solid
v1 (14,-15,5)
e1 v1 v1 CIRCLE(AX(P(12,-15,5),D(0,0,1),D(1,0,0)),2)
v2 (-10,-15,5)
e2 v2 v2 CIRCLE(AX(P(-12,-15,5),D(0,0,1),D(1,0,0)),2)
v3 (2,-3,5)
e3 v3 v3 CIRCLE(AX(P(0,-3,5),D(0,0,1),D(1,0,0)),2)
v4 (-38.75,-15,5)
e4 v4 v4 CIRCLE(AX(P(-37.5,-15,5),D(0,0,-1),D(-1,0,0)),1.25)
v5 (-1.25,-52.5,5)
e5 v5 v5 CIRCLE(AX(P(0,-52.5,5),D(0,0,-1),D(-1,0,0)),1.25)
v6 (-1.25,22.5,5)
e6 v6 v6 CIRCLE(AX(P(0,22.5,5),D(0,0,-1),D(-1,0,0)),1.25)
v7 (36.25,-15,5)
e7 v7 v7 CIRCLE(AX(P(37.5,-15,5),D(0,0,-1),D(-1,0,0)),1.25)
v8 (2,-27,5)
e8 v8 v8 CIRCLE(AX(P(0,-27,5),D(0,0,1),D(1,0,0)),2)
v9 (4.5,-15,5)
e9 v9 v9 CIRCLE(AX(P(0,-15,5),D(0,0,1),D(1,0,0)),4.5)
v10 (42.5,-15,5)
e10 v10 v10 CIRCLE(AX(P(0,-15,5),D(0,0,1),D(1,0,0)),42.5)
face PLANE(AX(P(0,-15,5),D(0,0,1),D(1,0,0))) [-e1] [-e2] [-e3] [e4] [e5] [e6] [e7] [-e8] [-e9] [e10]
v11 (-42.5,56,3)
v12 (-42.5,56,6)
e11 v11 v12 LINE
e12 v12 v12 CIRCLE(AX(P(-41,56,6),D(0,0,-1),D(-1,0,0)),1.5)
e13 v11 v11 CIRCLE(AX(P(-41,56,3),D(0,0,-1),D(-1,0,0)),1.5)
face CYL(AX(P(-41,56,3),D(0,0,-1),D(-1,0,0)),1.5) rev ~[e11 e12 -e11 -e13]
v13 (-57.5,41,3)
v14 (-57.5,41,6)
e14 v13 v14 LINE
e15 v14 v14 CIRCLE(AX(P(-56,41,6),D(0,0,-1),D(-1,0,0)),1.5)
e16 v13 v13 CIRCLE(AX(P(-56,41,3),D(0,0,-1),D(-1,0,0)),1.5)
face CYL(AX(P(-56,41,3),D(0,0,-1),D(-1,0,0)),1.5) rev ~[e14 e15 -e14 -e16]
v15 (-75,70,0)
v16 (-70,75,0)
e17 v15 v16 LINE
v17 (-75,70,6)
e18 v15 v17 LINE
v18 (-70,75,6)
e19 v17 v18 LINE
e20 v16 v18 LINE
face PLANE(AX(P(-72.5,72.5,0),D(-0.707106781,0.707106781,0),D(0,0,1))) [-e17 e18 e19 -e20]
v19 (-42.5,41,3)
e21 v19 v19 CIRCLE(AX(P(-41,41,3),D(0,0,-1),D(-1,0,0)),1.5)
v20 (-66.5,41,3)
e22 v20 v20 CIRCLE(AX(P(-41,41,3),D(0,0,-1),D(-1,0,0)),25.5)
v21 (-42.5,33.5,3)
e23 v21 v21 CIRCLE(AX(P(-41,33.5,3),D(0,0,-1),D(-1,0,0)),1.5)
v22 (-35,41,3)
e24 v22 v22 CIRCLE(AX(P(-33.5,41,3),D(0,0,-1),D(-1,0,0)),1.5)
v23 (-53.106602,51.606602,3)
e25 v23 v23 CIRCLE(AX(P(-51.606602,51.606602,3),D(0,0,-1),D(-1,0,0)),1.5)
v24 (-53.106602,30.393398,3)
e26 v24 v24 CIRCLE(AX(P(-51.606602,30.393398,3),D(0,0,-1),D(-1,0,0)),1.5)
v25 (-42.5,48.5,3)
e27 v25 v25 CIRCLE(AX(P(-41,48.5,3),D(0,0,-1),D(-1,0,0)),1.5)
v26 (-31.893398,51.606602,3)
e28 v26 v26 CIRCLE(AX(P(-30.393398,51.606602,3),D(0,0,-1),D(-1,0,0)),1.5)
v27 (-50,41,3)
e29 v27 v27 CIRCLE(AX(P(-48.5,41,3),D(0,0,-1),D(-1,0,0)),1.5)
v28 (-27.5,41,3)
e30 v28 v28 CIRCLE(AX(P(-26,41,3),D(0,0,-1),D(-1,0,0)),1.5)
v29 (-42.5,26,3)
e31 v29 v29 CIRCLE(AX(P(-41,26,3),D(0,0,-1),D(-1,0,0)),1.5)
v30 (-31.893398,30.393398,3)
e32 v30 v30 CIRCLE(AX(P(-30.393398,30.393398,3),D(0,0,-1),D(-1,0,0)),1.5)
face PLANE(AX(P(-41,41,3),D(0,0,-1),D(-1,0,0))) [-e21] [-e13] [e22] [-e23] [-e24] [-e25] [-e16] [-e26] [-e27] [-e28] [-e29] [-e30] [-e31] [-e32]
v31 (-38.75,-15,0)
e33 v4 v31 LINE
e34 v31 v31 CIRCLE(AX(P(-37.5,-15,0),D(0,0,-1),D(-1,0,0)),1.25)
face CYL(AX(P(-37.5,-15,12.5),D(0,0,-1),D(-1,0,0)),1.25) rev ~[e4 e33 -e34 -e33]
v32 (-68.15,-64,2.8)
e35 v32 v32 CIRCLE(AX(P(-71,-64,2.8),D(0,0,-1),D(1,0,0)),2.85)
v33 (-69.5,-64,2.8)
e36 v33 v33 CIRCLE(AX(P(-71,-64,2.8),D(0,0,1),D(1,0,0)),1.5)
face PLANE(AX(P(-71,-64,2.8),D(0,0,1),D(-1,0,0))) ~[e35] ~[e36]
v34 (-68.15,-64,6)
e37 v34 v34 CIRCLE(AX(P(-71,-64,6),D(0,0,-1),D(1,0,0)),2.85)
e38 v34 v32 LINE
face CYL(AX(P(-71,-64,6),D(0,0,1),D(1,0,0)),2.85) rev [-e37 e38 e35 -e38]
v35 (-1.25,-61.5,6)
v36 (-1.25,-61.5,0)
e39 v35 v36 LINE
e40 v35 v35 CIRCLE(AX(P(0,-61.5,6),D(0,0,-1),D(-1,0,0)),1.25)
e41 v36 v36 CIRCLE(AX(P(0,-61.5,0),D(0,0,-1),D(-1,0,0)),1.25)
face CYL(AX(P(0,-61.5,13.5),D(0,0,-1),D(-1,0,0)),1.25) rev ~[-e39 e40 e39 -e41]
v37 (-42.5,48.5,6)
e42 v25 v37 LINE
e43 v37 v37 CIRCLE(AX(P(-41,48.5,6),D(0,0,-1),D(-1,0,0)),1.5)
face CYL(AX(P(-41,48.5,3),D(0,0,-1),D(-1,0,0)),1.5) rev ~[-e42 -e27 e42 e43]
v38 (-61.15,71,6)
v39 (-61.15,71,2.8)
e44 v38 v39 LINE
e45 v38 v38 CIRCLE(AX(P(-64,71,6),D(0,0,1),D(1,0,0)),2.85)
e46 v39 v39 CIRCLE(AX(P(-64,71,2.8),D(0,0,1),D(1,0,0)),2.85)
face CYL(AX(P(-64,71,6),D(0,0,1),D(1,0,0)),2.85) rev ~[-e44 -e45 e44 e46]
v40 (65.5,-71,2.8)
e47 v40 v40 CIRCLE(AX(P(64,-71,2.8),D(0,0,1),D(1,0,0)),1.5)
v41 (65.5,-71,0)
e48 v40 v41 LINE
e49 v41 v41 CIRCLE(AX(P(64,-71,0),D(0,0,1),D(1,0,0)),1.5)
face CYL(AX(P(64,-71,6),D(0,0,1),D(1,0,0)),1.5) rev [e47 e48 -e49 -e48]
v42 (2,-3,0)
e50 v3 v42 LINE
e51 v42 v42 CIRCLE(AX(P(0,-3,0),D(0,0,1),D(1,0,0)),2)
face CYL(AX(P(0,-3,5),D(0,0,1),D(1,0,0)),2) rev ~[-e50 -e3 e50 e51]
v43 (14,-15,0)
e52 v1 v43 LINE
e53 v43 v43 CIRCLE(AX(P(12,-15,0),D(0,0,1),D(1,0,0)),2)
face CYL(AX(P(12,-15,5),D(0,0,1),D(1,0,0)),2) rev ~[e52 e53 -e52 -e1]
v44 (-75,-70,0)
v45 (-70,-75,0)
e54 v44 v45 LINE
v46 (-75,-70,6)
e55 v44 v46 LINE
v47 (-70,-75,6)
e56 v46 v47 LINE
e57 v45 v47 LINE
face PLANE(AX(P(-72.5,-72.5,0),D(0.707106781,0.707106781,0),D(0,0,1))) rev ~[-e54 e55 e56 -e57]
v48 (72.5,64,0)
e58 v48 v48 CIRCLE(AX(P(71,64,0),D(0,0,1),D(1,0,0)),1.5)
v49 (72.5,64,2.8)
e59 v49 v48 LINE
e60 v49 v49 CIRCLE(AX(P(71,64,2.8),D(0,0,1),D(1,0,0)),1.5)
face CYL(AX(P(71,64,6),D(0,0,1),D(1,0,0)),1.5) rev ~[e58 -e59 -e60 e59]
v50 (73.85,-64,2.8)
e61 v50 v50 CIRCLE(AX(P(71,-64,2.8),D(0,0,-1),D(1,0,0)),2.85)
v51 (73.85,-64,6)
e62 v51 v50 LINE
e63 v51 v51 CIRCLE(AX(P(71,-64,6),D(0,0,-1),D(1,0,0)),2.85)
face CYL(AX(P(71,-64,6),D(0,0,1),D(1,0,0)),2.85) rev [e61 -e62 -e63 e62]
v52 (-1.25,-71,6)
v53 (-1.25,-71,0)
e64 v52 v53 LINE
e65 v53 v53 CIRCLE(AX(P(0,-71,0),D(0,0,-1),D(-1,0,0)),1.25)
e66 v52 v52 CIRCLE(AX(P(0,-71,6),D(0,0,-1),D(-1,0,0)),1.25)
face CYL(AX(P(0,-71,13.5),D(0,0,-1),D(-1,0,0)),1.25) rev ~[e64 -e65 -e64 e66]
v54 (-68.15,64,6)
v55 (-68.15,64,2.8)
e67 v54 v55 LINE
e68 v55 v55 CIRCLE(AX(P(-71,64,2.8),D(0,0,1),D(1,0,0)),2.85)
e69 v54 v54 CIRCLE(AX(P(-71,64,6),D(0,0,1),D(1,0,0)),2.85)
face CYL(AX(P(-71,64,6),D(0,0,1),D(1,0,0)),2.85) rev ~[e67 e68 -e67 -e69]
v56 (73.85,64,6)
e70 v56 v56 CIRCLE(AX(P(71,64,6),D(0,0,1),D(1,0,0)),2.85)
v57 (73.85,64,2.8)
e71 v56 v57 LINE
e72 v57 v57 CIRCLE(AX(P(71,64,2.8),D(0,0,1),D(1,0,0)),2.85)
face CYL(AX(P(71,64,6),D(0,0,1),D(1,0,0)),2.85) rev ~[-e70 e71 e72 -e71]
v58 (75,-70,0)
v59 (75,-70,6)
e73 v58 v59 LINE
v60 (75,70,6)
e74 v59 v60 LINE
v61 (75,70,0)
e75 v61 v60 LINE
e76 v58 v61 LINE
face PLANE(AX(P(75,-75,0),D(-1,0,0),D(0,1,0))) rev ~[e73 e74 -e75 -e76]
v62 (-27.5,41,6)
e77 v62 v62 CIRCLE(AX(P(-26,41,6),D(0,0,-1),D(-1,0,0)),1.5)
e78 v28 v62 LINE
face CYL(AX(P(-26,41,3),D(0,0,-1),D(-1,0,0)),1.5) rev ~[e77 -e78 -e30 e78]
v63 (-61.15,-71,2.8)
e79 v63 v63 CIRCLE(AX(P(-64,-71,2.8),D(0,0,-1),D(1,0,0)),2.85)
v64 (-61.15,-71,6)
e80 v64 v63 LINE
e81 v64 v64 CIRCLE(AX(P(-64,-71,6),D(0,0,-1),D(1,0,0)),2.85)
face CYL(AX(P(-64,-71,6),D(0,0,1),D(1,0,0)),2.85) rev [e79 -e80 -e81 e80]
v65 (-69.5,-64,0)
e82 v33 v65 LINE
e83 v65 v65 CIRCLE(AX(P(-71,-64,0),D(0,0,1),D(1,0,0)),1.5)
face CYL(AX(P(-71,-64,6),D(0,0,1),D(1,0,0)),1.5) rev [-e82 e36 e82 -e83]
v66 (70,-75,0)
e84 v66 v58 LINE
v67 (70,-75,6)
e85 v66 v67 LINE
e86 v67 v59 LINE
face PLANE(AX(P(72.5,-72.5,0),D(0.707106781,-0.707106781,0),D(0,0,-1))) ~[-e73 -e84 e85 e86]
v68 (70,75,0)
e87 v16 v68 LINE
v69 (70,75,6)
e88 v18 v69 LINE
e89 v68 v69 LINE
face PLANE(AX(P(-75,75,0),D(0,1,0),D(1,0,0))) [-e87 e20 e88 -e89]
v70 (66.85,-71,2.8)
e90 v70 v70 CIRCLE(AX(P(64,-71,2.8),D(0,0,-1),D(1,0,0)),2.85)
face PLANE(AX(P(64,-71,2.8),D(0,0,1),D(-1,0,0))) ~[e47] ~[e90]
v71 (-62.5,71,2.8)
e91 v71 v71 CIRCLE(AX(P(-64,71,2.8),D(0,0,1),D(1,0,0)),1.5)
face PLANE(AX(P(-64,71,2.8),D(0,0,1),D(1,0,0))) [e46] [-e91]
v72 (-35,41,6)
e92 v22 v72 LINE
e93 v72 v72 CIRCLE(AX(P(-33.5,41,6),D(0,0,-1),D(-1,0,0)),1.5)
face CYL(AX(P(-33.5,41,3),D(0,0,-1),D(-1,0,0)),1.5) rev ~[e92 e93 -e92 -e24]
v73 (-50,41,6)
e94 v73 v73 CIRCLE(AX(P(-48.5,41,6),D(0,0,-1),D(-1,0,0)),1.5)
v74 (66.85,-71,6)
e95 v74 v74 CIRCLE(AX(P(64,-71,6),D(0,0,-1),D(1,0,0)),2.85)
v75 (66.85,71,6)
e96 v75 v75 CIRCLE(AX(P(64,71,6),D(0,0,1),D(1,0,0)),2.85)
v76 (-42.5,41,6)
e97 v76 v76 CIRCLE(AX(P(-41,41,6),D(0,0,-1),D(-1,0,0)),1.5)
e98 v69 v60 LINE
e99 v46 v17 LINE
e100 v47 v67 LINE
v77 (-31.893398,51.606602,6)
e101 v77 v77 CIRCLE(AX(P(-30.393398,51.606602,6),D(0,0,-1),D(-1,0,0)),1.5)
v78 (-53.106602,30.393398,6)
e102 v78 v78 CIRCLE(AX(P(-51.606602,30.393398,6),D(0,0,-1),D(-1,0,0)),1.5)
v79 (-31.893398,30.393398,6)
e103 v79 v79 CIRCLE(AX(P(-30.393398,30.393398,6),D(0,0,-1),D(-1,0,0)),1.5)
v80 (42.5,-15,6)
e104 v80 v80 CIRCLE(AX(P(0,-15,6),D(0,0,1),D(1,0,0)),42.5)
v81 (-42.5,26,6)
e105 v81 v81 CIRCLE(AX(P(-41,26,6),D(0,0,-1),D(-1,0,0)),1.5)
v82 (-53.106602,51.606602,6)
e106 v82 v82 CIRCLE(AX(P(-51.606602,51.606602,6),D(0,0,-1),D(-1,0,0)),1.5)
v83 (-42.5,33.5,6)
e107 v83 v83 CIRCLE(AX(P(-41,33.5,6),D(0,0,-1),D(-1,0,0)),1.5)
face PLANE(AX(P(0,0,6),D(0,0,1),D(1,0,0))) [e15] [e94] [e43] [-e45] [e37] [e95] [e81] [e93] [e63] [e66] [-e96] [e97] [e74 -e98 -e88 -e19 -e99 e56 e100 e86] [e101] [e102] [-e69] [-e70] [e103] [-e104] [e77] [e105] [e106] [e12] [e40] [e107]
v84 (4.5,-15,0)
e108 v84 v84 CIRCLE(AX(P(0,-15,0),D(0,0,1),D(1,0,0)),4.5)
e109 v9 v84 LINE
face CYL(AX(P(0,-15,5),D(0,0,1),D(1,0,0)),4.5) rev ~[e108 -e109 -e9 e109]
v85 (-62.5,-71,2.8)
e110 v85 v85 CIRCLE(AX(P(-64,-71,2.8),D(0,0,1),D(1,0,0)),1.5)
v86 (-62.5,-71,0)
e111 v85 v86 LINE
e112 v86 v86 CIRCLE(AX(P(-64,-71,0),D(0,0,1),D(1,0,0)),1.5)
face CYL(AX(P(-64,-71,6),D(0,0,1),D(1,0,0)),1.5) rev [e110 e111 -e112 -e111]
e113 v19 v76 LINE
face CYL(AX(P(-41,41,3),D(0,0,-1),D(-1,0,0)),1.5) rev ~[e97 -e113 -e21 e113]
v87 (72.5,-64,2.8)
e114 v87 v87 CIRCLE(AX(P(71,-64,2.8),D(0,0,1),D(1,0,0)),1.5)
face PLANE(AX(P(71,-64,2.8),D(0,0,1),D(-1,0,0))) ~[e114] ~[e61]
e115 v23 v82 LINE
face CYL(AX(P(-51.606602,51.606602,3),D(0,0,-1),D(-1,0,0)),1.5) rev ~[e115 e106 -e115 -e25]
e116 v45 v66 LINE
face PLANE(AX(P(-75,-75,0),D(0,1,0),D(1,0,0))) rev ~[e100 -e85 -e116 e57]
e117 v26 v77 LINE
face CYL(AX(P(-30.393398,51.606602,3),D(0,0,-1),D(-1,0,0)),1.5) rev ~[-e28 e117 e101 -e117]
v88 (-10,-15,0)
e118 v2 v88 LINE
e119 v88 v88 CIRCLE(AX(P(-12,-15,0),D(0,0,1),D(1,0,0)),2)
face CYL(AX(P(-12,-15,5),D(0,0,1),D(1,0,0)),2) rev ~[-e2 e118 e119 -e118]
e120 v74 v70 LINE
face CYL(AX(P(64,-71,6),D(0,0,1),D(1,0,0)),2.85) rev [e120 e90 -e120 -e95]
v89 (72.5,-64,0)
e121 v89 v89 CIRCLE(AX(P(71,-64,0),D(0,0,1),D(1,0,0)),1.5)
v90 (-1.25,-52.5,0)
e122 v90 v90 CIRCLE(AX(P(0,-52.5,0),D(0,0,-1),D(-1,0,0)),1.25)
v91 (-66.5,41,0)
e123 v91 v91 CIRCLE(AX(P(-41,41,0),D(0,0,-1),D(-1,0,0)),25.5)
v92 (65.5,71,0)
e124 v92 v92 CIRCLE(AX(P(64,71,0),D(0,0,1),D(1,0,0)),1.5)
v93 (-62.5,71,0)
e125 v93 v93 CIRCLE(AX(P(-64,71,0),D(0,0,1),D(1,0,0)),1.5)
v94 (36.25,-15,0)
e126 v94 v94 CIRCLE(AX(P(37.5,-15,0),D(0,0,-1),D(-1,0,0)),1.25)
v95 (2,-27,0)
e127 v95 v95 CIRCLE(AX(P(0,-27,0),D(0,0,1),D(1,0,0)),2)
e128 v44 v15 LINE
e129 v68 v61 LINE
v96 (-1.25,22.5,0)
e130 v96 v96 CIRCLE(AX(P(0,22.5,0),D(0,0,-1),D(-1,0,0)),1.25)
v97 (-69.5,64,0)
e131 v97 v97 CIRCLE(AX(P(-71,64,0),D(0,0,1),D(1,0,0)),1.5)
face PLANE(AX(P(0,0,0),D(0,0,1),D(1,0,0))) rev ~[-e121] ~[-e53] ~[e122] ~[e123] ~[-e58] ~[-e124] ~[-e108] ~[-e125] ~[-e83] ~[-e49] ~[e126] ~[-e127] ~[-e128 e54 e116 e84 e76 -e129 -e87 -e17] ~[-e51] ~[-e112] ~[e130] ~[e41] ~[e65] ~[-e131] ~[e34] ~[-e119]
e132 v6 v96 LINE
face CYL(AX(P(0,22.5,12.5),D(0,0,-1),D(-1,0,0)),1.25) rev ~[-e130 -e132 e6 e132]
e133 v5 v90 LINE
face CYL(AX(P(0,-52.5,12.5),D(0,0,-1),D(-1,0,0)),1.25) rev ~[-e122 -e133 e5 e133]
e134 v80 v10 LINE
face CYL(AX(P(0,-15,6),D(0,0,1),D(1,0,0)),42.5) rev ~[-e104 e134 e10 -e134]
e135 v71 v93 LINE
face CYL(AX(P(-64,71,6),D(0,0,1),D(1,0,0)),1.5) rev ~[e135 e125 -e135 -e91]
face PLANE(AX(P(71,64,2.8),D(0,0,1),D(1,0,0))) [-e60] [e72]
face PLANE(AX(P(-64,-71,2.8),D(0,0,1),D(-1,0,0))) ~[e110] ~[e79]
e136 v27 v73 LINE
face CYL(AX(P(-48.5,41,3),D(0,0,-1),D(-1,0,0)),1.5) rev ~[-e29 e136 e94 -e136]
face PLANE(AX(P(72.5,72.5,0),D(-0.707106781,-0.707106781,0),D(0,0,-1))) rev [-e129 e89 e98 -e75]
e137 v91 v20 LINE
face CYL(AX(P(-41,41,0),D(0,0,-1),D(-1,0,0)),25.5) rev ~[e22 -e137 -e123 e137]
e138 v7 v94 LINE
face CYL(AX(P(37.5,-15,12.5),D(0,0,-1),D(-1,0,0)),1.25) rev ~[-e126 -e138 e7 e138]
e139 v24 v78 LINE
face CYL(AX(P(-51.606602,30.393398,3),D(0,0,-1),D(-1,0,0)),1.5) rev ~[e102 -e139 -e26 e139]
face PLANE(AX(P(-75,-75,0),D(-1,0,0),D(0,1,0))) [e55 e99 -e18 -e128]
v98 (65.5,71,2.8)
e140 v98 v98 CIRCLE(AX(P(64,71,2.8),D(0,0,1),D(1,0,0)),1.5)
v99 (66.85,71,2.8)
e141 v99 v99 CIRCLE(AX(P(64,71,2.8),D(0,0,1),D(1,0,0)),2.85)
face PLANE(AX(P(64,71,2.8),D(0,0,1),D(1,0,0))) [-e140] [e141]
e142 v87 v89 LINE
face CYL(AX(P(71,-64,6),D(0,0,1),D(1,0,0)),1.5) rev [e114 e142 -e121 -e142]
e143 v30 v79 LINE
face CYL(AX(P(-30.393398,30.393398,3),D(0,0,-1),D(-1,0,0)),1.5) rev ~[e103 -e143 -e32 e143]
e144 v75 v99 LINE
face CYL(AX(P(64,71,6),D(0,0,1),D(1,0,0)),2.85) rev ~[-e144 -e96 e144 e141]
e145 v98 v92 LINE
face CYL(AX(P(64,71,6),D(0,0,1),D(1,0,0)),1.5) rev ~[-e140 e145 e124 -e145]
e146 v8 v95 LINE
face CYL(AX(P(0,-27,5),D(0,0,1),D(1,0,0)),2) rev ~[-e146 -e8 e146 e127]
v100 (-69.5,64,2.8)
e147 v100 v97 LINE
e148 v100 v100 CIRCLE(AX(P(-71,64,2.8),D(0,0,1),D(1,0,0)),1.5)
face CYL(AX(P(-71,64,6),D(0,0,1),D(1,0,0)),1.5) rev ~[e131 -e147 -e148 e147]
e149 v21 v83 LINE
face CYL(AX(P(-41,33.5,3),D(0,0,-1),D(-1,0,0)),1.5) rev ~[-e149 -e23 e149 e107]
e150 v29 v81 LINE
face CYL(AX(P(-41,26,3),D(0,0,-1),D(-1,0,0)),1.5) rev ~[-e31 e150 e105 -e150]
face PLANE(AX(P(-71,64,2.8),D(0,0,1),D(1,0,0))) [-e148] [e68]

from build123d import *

# Parameters (mm, degrees)
SKETCH_1_W             = 150
SKETCH_1_H             = 150
EXTRUDE_1_DEPTH        = 6
SKETCH_2_R             = 42.5
CUT_EXTRUDE_1_DEPTH    = 1
CHAMFER_1_SIZE         = 5
SKETCH_4_R             = 1.5
CUT_EXTRUDE_3_DEPTH    = 10
SKETCH_5_R             = 2.85
CUT_EXTRUDE_4_DEPTH    = 3.2
SKETCH_6_R             = 1.5
CUT_EXTRUDE_5_DEPTH    = 10
SKETCH_7_R             = 2.85
CUT_EXTRUDE_6_DEPTH    = 3.2
SKETCH_8_R             = 4.5
CUT_EXTRUDE_7_DEPTH    = 10
SKETCH_9_R             = 2
CUT_EXTRUDE_8_DEPTH    = 10
SKETCH_10_R            = 1
CUT_EXTRUDE_9_DEPTH    = 10
HOLE_WIZARD_M3_1_D     = 2.5
HOLE_WIZARD_M3_1_DEPTH = 7.5
HOLE_WIZARD_M3_1_TIP   = 0.751075774
SKETCH_15_R            = 25.5
CUT_EXTRUDE_12_DEPTH   = 3
SKETCH_16_R            = 1.5
CUT_EXTRUDE_13_DEPTH   = 3
SKETCH_17_R            = 1
CUT_EXTRUDE_14_DEPTH   = 10
HOLE_WIZARD_M3_2_D     = 2.5
HOLE_WIZARD_M3_2_DEPTH = 7.5
HOLE_WIZARD_M3_2_TIP   = 0.751075774


with BuildPart() as part:
    # 草图1 → 凸台-拉伸1 (new body)
    with BuildSketch(Plane.XY):
        Rectangle(SKETCH_1_W, SKETCH_1_H)
    extrude(amount=EXTRUDE_1_DEPTH)

    # 草图2 → 切除-拉伸1 (cut)
    with BuildSketch(Plane.XY.offset(6)):
        with Locations((0, -15)):
            Circle(SKETCH_2_R)
    extrude(amount=-CUT_EXTRUDE_1_DEPTH, mode=Mode.SUBTRACT)

    # 倒角1
    chamfer_1_edges = [part.edges().sort_by_distance(p)[0] for p in [
        (-75, 75, 3),
        (75, 75, 3),
        (75, -75, 3),
        (-75, -75, 3),
    ]]
    chamfer(chamfer_1_edges, length=CHAMFER_1_SIZE)

    # 草图4 → 切除-拉伸3 (cut)
    with BuildSketch(Plane.XY.offset(6)):
        with Locations((64, 71)):
            Circle(SKETCH_4_R)
        with Locations((71, 64)):
            Circle(SKETCH_4_R)
    cut_extrude_3 = extrude(amount=-CUT_EXTRUDE_3_DEPTH, mode=Mode.SUBTRACT)

    # 草图5 → 切除-拉伸4 (cut)
    with BuildSketch(Plane.XY.offset(6)):
        with Locations((64, 71)):
            Circle(SKETCH_5_R)
        with Locations((71, 64)):
            Circle(SKETCH_5_R)
    cut_extrude_4 = extrude(amount=-CUT_EXTRUDE_4_DEPTH, mode=Mode.SUBTRACT)

    # 草图6 → 切除-拉伸5 (cut)
    with BuildSketch(Plane.XY.offset(6)):
        with Locations((-64, 71)):
            Circle(SKETCH_6_R)
        with Locations((-71, 64)):
            Circle(SKETCH_6_R)
    cut_extrude_5 = extrude(amount=-CUT_EXTRUDE_5_DEPTH, mode=Mode.SUBTRACT)

    # 草图7 → 切除-拉伸6 (cut)
    with BuildSketch(Plane.XY.offset(6)):
        with Locations((-64, 71)):
            Circle(SKETCH_7_R)
        with Locations((-71, 64)):
            Circle(SKETCH_7_R)
    cut_extrude_6 = extrude(amount=-CUT_EXTRUDE_6_DEPTH, mode=Mode.SUBTRACT)

    # 镜向1: 切除-拉伸3, 切除-拉伸4, 切除-拉伸5, 切除-拉伸6 across plane
    add(cut_extrude_3.mirror(Plane.ZX), mode=Mode.SUBTRACT)
    add(cut_extrude_4.mirror(Plane.ZX), mode=Mode.SUBTRACT)
    add(cut_extrude_5.mirror(Plane.ZX), mode=Mode.SUBTRACT)
    add(cut_extrude_6.mirror(Plane.ZX), mode=Mode.SUBTRACT)

    # 草图8 → 切除-拉伸7 (cut)
    with BuildSketch(Plane.XY.offset(5)):
        with Locations((0, -15)):
            Circle(SKETCH_8_R)
    extrude(amount=-CUT_EXTRUDE_7_DEPTH, mode=Mode.SUBTRACT)

    # 草图9 → 切除-拉伸8 (cut)
    with BuildSketch(Plane.XY.offset(5)):
        with Locations((-12, -15)):
            Circle(SKETCH_9_R)
        with Locations((12, -15)):
            Circle(SKETCH_9_R)
        with Locations((0, -27)):
            Circle(SKETCH_9_R)
        with Locations((0, -3)):
            Circle(SKETCH_9_R)
    extrude(amount=-CUT_EXTRUDE_8_DEPTH, mode=Mode.SUBTRACT)

    # 草图10 → 切除-拉伸9 (cut)
    with BuildSketch(Plane.XY.offset(5)):
        with Locations((0, 22.5)):
            Circle(SKETCH_10_R)
        with Locations((37.5, -15)):
            Circle(SKETCH_10_R)
        with Locations((0, -52.5)):
            Circle(SKETCH_10_R)
        with Locations((-37.5, -15)):
            Circle(SKETCH_10_R)
    extrude(amount=-CUT_EXTRUDE_9_DEPTH, mode=Mode.SUBTRACT)

    # M3 螺纹孔1
    with Locations(Plane.XY.offset(5)):
        with Locations((0, 22.5), (-37.5, -15), (0, -52.5), (37.5, -15)):
            Hole(HOLE_WIZARD_M3_1_D / 2, depth=HOLE_WIZARD_M3_1_DEPTH)
            with Locations((0, 0, -(HOLE_WIZARD_M3_1_DEPTH + HOLE_WIZARD_M3_1_TIP / 2))):  # 118° drill point
                Cone(0, HOLE_WIZARD_M3_1_D / 2, HOLE_WIZARD_M3_1_TIP, mode=Mode.SUBTRACT)

    # 草图15 → 切除-拉伸12 (cut)
    with BuildSketch(Plane(origin=(0, 0, 0), x_dir=(-1, 0, 0), z_dir=(0, 0, -1))):
        with Locations((41, 41)):
            Circle(SKETCH_15_R)
    extrude(amount=-CUT_EXTRUDE_12_DEPTH, mode=Mode.SUBTRACT)

    # 草图16 → 切除-拉伸13 (cut)
    with BuildSketch(Plane(origin=(0, 0, 3), x_dir=(-1, 0, 0), z_dir=(0, 0, -1))):
        with Locations((41, 41)):
            Circle(SKETCH_16_R)
        with Locations((41, 48.5)):
            Circle(SKETCH_16_R)
        with Locations((48.5, 41)):
            Circle(SKETCH_16_R)
        with Locations((41, 33.5)):
            Circle(SKETCH_16_R)
        with Locations((33.5, 41)):
            Circle(SKETCH_16_R)
        with Locations((41, 56)):
            Circle(SKETCH_16_R)
        with Locations((51.606601718, 51.606601718)):
            Circle(SKETCH_16_R)
        with Locations((56, 41)):
            Circle(SKETCH_16_R)
        with Locations((51.606601718, 30.393398282)):
            Circle(SKETCH_16_R)
        with Locations((41, 26)):
            Circle(SKETCH_16_R)
        with Locations((30.393398282, 30.393398282)):
            Circle(SKETCH_16_R)
        with Locations((26, 41)):
            Circle(SKETCH_16_R)
        with Locations((30.393398282, 51.606601718)):
            Circle(SKETCH_16_R)
    extrude(amount=-CUT_EXTRUDE_13_DEPTH, mode=Mode.SUBTRACT)

    # 草图17 → 切除-拉伸14 (cut)
    with BuildSketch(Plane.XY.offset(6)):
        with Locations((0, -61.5)):
            Circle(SKETCH_17_R)
        with Locations((0, -71)):
            Circle(SKETCH_17_R)
    extrude(amount=-CUT_EXTRUDE_14_DEPTH, mode=Mode.SUBTRACT)

    # M3 螺纹孔2
    with Locations(Plane.XY.offset(6)):
        with Locations((0, -61.5), (0, -71)):
            Hole(HOLE_WIZARD_M3_2_D / 2, depth=HOLE_WIZARD_M3_2_DEPTH)
            with Locations((0, 0, -(HOLE_WIZARD_M3_2_DEPTH + HOLE_WIZARD_M3_2_TIP / 2))):  # 118° drill point
                Cone(0, HOLE_WIZARD_M3_2_D / 2, HOLE_WIZARD_M3_2_TIP, mode=Mode.SUBTRACT)


solid = part.part
